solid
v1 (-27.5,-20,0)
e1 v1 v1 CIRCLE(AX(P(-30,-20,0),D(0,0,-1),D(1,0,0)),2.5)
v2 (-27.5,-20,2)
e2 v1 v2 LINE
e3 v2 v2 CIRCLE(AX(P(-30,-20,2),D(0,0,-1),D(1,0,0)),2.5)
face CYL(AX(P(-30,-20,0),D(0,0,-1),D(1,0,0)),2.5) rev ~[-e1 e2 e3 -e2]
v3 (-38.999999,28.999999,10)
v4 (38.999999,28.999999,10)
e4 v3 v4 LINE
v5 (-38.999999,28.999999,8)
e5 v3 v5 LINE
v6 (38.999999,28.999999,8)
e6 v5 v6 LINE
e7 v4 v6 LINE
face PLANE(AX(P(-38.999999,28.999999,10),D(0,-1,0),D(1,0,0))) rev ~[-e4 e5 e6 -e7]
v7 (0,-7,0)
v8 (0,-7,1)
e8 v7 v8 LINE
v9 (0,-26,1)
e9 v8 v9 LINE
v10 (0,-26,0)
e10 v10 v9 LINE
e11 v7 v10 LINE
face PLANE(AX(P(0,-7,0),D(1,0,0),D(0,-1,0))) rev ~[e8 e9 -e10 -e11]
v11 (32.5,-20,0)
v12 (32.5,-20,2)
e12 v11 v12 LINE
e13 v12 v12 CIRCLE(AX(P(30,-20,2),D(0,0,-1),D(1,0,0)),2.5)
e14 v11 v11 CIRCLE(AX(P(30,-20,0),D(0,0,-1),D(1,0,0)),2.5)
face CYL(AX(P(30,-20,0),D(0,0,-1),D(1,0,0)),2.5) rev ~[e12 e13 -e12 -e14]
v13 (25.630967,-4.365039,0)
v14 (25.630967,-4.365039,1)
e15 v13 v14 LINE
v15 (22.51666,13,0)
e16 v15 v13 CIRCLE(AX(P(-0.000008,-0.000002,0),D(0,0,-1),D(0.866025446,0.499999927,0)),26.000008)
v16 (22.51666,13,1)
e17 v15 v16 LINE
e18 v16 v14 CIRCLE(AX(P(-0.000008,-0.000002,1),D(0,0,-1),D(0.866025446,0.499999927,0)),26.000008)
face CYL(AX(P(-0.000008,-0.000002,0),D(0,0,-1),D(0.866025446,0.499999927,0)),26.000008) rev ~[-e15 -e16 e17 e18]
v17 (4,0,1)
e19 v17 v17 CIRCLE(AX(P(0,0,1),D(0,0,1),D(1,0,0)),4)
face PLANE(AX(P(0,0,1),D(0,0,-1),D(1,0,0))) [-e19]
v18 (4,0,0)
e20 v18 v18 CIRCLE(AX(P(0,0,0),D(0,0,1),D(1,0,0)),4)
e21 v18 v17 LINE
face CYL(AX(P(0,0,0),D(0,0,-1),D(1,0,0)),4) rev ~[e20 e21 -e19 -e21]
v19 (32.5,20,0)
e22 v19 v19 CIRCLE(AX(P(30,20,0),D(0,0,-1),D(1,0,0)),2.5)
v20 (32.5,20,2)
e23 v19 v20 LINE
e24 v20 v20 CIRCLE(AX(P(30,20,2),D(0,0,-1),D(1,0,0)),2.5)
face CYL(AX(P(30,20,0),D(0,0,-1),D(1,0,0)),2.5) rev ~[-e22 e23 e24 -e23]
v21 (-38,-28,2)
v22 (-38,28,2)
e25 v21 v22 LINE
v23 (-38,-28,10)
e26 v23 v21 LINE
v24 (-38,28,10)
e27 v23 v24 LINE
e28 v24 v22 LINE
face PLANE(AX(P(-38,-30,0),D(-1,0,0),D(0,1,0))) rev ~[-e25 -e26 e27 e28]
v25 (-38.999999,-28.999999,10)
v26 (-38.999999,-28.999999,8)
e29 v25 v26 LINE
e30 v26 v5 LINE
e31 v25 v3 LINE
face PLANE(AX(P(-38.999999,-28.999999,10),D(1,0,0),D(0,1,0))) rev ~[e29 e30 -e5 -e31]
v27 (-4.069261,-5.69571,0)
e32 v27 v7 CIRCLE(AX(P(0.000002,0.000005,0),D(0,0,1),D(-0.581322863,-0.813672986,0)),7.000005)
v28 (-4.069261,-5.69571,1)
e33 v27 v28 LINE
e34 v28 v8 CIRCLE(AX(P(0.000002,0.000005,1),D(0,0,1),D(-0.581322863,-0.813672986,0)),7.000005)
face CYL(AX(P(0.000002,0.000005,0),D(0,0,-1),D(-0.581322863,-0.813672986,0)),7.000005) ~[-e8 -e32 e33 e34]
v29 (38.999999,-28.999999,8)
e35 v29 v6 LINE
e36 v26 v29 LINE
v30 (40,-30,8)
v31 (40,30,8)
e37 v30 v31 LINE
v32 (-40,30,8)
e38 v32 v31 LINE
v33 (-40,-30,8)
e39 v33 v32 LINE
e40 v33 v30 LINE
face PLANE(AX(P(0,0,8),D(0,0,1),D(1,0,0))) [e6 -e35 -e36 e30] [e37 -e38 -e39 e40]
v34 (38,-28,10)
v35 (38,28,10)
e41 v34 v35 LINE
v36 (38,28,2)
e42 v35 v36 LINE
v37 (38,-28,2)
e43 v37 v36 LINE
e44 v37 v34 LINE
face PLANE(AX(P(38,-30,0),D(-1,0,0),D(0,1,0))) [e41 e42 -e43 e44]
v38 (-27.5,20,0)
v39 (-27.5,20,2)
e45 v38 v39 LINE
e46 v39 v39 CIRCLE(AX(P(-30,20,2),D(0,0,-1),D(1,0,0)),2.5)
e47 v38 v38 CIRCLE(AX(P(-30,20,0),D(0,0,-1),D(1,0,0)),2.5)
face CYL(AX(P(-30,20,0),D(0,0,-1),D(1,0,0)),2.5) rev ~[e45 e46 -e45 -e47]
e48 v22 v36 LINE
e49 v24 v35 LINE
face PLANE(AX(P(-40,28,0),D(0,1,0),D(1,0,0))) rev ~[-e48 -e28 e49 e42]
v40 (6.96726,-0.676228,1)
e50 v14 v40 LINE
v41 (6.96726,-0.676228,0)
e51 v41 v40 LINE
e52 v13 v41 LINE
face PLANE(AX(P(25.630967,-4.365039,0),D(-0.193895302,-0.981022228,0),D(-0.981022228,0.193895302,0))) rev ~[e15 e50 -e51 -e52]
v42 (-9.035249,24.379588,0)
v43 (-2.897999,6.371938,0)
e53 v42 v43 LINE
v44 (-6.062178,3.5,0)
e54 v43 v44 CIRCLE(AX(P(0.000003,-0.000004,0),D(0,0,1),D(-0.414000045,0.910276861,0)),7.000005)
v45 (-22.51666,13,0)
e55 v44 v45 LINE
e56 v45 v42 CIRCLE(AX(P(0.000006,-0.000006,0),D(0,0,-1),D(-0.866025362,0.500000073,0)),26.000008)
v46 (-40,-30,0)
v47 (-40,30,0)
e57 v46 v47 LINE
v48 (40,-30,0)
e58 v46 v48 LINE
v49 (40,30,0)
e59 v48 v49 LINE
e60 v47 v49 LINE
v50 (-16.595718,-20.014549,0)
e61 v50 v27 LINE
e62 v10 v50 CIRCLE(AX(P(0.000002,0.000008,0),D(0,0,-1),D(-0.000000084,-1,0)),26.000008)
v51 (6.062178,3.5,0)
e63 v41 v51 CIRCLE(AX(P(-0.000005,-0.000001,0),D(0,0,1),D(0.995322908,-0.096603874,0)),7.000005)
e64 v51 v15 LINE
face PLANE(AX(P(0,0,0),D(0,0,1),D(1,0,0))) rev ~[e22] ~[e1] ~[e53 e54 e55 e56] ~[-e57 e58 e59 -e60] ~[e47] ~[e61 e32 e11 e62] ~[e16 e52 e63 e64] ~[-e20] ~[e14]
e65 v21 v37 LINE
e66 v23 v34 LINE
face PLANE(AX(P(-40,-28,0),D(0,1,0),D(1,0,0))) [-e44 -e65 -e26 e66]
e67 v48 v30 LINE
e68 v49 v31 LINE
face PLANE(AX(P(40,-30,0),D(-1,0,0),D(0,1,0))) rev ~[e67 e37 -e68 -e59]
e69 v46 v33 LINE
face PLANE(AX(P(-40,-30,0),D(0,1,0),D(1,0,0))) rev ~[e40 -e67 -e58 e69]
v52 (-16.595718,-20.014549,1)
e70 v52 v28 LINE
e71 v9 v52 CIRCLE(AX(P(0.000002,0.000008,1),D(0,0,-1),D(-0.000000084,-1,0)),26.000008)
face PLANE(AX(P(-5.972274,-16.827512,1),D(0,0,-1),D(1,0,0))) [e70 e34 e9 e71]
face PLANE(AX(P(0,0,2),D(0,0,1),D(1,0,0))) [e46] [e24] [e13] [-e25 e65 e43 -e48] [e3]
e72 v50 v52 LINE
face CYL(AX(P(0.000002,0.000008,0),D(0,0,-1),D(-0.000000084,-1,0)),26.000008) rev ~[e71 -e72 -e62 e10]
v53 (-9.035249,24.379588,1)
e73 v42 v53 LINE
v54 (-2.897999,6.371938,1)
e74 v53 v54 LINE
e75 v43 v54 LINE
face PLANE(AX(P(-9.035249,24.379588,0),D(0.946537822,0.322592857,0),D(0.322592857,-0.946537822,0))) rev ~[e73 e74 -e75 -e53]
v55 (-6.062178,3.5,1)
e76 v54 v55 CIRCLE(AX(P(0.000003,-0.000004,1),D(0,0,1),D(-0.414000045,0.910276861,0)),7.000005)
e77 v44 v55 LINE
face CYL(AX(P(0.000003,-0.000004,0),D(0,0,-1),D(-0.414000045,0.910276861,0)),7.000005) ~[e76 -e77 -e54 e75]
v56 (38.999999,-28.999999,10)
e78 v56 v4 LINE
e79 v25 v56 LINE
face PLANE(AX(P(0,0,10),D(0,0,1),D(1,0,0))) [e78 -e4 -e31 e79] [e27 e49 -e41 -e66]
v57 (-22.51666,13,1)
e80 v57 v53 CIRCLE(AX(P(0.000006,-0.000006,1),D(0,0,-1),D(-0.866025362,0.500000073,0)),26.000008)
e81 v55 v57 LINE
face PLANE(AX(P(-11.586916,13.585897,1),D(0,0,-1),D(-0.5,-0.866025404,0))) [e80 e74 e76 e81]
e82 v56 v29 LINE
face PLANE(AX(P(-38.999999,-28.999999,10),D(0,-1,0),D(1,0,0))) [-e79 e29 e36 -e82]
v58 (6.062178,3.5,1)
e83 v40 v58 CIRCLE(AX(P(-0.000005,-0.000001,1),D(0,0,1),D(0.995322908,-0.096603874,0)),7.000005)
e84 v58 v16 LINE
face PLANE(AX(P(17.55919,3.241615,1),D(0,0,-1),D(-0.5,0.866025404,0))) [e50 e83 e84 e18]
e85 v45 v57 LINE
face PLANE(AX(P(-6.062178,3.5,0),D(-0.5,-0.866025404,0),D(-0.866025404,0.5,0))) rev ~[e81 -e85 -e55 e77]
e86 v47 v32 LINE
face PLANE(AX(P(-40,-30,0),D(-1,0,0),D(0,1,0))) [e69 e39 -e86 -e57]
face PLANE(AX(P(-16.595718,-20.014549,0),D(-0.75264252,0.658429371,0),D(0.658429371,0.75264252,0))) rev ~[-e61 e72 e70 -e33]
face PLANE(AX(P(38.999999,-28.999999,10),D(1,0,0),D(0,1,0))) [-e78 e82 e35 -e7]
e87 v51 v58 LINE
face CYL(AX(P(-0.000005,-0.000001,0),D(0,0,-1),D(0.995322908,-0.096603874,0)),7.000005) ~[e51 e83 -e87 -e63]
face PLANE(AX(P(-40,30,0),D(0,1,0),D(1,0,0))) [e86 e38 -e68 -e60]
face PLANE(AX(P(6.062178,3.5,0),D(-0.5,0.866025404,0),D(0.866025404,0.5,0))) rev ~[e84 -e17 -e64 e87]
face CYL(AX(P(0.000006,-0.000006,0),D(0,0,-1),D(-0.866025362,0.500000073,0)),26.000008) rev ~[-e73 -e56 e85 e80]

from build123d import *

# Parameters (mm, degrees)
F0_W      = 80
F0_H      = 60
F1_DEPTH  = 10
F2_T      = -2
F3_W      = 80
F3_H      = 60
F3_W_2    = 77.999998
F3_H_2    = 57.999998
F4_DEPTH  = 2
F5_R      = 2.5
F6_DEPTH  = 25
F7_R      = 4
F8_DEPTH  = 1
F10_COUNT = 3


with BuildPart() as f1:
    # F0 (on Top) → F1 (new body)
    with BuildSketch(Plane.XY):
        Rectangle(F0_W, F0_H)
    extrude(amount=F1_DEPTH)

    # F2
    f2_openings = [f1.faces().sort_by_distance(p)[0] for p in [
        (0, 0, 10),
    ]]
    offset(amount=F2_T, openings=f2_openings)

    # F3 (on face) → F4 (cut)
    with BuildSketch(Plane.XY.offset(10)):
        Rectangle(F3_W, F3_H)
        Rectangle(F3_W_2, F3_H_2, mode=Mode.SUBTRACT)
    extrude(amount=-F4_DEPTH, mode=Mode.SUBTRACT)

    # F5 (on face) → F6 (cut)
    with BuildSketch(Plane(origin=(0, 0, 0), x_dir=(1, 0, 0), z_dir=(0, 0, -1))):
        with Locations((-30, 20)):
            Circle(F5_R)
        with Locations((30, -20)):
            Circle(F5_R)
        with Locations((30, 20)):
            Circle(F5_R)
        with Locations((-30, -20)):
            Circle(F5_R)
    extrude(amount=-F6_DEPTH, mode=Mode.SUBTRACT)


with BuildPart() as f8:
    # F7 (on face) → F8 (new body)
    with BuildSketch(Plane(origin=(0, 0, 0), x_dir=(1, 0, 0), z_dir=(0, 0, -1))):
        Circle(F7_R)
        with BuildLine():
            Line((-16.595718, 20.014549), (-4.069261, 5.69571))
            ThreePointArc((-4.069261, 5.69571), (-2.136589, 6.665957), (0, 7))
            Line((0, 7), (0, 26))
            ThreePointArc((0, 26), (-8.821047, 24.457905), (-16.595718, 20.014549))
        make_face()
    extrude(amount=-F8_DEPTH)


with BuildPart() as f10_1:
    # F10: instance of F8
    add(f8.part.rotate(Axis((0, 0, 0.430848), (0, 0, -1)), 1 * 360 / F10_COUNT))


with BuildPart() as f10_2:
    # F10: instance of F8
    add(f8.part.rotate(Axis((0, 0, 0.430848), (0, 0, -1)), 2 * 360 / F10_COUNT))


with BuildPart() as f1_1:
    add(f1.part)

    # F11: cut F8, F10_1, F10_2
    add(f8.part, mode=Mode.SUBTRACT)
    add(f10_1.part, mode=Mode.SUBTRACT)
    add(f10_2.part, mode=Mode.SUBTRACT)


solid = f1_1.part
